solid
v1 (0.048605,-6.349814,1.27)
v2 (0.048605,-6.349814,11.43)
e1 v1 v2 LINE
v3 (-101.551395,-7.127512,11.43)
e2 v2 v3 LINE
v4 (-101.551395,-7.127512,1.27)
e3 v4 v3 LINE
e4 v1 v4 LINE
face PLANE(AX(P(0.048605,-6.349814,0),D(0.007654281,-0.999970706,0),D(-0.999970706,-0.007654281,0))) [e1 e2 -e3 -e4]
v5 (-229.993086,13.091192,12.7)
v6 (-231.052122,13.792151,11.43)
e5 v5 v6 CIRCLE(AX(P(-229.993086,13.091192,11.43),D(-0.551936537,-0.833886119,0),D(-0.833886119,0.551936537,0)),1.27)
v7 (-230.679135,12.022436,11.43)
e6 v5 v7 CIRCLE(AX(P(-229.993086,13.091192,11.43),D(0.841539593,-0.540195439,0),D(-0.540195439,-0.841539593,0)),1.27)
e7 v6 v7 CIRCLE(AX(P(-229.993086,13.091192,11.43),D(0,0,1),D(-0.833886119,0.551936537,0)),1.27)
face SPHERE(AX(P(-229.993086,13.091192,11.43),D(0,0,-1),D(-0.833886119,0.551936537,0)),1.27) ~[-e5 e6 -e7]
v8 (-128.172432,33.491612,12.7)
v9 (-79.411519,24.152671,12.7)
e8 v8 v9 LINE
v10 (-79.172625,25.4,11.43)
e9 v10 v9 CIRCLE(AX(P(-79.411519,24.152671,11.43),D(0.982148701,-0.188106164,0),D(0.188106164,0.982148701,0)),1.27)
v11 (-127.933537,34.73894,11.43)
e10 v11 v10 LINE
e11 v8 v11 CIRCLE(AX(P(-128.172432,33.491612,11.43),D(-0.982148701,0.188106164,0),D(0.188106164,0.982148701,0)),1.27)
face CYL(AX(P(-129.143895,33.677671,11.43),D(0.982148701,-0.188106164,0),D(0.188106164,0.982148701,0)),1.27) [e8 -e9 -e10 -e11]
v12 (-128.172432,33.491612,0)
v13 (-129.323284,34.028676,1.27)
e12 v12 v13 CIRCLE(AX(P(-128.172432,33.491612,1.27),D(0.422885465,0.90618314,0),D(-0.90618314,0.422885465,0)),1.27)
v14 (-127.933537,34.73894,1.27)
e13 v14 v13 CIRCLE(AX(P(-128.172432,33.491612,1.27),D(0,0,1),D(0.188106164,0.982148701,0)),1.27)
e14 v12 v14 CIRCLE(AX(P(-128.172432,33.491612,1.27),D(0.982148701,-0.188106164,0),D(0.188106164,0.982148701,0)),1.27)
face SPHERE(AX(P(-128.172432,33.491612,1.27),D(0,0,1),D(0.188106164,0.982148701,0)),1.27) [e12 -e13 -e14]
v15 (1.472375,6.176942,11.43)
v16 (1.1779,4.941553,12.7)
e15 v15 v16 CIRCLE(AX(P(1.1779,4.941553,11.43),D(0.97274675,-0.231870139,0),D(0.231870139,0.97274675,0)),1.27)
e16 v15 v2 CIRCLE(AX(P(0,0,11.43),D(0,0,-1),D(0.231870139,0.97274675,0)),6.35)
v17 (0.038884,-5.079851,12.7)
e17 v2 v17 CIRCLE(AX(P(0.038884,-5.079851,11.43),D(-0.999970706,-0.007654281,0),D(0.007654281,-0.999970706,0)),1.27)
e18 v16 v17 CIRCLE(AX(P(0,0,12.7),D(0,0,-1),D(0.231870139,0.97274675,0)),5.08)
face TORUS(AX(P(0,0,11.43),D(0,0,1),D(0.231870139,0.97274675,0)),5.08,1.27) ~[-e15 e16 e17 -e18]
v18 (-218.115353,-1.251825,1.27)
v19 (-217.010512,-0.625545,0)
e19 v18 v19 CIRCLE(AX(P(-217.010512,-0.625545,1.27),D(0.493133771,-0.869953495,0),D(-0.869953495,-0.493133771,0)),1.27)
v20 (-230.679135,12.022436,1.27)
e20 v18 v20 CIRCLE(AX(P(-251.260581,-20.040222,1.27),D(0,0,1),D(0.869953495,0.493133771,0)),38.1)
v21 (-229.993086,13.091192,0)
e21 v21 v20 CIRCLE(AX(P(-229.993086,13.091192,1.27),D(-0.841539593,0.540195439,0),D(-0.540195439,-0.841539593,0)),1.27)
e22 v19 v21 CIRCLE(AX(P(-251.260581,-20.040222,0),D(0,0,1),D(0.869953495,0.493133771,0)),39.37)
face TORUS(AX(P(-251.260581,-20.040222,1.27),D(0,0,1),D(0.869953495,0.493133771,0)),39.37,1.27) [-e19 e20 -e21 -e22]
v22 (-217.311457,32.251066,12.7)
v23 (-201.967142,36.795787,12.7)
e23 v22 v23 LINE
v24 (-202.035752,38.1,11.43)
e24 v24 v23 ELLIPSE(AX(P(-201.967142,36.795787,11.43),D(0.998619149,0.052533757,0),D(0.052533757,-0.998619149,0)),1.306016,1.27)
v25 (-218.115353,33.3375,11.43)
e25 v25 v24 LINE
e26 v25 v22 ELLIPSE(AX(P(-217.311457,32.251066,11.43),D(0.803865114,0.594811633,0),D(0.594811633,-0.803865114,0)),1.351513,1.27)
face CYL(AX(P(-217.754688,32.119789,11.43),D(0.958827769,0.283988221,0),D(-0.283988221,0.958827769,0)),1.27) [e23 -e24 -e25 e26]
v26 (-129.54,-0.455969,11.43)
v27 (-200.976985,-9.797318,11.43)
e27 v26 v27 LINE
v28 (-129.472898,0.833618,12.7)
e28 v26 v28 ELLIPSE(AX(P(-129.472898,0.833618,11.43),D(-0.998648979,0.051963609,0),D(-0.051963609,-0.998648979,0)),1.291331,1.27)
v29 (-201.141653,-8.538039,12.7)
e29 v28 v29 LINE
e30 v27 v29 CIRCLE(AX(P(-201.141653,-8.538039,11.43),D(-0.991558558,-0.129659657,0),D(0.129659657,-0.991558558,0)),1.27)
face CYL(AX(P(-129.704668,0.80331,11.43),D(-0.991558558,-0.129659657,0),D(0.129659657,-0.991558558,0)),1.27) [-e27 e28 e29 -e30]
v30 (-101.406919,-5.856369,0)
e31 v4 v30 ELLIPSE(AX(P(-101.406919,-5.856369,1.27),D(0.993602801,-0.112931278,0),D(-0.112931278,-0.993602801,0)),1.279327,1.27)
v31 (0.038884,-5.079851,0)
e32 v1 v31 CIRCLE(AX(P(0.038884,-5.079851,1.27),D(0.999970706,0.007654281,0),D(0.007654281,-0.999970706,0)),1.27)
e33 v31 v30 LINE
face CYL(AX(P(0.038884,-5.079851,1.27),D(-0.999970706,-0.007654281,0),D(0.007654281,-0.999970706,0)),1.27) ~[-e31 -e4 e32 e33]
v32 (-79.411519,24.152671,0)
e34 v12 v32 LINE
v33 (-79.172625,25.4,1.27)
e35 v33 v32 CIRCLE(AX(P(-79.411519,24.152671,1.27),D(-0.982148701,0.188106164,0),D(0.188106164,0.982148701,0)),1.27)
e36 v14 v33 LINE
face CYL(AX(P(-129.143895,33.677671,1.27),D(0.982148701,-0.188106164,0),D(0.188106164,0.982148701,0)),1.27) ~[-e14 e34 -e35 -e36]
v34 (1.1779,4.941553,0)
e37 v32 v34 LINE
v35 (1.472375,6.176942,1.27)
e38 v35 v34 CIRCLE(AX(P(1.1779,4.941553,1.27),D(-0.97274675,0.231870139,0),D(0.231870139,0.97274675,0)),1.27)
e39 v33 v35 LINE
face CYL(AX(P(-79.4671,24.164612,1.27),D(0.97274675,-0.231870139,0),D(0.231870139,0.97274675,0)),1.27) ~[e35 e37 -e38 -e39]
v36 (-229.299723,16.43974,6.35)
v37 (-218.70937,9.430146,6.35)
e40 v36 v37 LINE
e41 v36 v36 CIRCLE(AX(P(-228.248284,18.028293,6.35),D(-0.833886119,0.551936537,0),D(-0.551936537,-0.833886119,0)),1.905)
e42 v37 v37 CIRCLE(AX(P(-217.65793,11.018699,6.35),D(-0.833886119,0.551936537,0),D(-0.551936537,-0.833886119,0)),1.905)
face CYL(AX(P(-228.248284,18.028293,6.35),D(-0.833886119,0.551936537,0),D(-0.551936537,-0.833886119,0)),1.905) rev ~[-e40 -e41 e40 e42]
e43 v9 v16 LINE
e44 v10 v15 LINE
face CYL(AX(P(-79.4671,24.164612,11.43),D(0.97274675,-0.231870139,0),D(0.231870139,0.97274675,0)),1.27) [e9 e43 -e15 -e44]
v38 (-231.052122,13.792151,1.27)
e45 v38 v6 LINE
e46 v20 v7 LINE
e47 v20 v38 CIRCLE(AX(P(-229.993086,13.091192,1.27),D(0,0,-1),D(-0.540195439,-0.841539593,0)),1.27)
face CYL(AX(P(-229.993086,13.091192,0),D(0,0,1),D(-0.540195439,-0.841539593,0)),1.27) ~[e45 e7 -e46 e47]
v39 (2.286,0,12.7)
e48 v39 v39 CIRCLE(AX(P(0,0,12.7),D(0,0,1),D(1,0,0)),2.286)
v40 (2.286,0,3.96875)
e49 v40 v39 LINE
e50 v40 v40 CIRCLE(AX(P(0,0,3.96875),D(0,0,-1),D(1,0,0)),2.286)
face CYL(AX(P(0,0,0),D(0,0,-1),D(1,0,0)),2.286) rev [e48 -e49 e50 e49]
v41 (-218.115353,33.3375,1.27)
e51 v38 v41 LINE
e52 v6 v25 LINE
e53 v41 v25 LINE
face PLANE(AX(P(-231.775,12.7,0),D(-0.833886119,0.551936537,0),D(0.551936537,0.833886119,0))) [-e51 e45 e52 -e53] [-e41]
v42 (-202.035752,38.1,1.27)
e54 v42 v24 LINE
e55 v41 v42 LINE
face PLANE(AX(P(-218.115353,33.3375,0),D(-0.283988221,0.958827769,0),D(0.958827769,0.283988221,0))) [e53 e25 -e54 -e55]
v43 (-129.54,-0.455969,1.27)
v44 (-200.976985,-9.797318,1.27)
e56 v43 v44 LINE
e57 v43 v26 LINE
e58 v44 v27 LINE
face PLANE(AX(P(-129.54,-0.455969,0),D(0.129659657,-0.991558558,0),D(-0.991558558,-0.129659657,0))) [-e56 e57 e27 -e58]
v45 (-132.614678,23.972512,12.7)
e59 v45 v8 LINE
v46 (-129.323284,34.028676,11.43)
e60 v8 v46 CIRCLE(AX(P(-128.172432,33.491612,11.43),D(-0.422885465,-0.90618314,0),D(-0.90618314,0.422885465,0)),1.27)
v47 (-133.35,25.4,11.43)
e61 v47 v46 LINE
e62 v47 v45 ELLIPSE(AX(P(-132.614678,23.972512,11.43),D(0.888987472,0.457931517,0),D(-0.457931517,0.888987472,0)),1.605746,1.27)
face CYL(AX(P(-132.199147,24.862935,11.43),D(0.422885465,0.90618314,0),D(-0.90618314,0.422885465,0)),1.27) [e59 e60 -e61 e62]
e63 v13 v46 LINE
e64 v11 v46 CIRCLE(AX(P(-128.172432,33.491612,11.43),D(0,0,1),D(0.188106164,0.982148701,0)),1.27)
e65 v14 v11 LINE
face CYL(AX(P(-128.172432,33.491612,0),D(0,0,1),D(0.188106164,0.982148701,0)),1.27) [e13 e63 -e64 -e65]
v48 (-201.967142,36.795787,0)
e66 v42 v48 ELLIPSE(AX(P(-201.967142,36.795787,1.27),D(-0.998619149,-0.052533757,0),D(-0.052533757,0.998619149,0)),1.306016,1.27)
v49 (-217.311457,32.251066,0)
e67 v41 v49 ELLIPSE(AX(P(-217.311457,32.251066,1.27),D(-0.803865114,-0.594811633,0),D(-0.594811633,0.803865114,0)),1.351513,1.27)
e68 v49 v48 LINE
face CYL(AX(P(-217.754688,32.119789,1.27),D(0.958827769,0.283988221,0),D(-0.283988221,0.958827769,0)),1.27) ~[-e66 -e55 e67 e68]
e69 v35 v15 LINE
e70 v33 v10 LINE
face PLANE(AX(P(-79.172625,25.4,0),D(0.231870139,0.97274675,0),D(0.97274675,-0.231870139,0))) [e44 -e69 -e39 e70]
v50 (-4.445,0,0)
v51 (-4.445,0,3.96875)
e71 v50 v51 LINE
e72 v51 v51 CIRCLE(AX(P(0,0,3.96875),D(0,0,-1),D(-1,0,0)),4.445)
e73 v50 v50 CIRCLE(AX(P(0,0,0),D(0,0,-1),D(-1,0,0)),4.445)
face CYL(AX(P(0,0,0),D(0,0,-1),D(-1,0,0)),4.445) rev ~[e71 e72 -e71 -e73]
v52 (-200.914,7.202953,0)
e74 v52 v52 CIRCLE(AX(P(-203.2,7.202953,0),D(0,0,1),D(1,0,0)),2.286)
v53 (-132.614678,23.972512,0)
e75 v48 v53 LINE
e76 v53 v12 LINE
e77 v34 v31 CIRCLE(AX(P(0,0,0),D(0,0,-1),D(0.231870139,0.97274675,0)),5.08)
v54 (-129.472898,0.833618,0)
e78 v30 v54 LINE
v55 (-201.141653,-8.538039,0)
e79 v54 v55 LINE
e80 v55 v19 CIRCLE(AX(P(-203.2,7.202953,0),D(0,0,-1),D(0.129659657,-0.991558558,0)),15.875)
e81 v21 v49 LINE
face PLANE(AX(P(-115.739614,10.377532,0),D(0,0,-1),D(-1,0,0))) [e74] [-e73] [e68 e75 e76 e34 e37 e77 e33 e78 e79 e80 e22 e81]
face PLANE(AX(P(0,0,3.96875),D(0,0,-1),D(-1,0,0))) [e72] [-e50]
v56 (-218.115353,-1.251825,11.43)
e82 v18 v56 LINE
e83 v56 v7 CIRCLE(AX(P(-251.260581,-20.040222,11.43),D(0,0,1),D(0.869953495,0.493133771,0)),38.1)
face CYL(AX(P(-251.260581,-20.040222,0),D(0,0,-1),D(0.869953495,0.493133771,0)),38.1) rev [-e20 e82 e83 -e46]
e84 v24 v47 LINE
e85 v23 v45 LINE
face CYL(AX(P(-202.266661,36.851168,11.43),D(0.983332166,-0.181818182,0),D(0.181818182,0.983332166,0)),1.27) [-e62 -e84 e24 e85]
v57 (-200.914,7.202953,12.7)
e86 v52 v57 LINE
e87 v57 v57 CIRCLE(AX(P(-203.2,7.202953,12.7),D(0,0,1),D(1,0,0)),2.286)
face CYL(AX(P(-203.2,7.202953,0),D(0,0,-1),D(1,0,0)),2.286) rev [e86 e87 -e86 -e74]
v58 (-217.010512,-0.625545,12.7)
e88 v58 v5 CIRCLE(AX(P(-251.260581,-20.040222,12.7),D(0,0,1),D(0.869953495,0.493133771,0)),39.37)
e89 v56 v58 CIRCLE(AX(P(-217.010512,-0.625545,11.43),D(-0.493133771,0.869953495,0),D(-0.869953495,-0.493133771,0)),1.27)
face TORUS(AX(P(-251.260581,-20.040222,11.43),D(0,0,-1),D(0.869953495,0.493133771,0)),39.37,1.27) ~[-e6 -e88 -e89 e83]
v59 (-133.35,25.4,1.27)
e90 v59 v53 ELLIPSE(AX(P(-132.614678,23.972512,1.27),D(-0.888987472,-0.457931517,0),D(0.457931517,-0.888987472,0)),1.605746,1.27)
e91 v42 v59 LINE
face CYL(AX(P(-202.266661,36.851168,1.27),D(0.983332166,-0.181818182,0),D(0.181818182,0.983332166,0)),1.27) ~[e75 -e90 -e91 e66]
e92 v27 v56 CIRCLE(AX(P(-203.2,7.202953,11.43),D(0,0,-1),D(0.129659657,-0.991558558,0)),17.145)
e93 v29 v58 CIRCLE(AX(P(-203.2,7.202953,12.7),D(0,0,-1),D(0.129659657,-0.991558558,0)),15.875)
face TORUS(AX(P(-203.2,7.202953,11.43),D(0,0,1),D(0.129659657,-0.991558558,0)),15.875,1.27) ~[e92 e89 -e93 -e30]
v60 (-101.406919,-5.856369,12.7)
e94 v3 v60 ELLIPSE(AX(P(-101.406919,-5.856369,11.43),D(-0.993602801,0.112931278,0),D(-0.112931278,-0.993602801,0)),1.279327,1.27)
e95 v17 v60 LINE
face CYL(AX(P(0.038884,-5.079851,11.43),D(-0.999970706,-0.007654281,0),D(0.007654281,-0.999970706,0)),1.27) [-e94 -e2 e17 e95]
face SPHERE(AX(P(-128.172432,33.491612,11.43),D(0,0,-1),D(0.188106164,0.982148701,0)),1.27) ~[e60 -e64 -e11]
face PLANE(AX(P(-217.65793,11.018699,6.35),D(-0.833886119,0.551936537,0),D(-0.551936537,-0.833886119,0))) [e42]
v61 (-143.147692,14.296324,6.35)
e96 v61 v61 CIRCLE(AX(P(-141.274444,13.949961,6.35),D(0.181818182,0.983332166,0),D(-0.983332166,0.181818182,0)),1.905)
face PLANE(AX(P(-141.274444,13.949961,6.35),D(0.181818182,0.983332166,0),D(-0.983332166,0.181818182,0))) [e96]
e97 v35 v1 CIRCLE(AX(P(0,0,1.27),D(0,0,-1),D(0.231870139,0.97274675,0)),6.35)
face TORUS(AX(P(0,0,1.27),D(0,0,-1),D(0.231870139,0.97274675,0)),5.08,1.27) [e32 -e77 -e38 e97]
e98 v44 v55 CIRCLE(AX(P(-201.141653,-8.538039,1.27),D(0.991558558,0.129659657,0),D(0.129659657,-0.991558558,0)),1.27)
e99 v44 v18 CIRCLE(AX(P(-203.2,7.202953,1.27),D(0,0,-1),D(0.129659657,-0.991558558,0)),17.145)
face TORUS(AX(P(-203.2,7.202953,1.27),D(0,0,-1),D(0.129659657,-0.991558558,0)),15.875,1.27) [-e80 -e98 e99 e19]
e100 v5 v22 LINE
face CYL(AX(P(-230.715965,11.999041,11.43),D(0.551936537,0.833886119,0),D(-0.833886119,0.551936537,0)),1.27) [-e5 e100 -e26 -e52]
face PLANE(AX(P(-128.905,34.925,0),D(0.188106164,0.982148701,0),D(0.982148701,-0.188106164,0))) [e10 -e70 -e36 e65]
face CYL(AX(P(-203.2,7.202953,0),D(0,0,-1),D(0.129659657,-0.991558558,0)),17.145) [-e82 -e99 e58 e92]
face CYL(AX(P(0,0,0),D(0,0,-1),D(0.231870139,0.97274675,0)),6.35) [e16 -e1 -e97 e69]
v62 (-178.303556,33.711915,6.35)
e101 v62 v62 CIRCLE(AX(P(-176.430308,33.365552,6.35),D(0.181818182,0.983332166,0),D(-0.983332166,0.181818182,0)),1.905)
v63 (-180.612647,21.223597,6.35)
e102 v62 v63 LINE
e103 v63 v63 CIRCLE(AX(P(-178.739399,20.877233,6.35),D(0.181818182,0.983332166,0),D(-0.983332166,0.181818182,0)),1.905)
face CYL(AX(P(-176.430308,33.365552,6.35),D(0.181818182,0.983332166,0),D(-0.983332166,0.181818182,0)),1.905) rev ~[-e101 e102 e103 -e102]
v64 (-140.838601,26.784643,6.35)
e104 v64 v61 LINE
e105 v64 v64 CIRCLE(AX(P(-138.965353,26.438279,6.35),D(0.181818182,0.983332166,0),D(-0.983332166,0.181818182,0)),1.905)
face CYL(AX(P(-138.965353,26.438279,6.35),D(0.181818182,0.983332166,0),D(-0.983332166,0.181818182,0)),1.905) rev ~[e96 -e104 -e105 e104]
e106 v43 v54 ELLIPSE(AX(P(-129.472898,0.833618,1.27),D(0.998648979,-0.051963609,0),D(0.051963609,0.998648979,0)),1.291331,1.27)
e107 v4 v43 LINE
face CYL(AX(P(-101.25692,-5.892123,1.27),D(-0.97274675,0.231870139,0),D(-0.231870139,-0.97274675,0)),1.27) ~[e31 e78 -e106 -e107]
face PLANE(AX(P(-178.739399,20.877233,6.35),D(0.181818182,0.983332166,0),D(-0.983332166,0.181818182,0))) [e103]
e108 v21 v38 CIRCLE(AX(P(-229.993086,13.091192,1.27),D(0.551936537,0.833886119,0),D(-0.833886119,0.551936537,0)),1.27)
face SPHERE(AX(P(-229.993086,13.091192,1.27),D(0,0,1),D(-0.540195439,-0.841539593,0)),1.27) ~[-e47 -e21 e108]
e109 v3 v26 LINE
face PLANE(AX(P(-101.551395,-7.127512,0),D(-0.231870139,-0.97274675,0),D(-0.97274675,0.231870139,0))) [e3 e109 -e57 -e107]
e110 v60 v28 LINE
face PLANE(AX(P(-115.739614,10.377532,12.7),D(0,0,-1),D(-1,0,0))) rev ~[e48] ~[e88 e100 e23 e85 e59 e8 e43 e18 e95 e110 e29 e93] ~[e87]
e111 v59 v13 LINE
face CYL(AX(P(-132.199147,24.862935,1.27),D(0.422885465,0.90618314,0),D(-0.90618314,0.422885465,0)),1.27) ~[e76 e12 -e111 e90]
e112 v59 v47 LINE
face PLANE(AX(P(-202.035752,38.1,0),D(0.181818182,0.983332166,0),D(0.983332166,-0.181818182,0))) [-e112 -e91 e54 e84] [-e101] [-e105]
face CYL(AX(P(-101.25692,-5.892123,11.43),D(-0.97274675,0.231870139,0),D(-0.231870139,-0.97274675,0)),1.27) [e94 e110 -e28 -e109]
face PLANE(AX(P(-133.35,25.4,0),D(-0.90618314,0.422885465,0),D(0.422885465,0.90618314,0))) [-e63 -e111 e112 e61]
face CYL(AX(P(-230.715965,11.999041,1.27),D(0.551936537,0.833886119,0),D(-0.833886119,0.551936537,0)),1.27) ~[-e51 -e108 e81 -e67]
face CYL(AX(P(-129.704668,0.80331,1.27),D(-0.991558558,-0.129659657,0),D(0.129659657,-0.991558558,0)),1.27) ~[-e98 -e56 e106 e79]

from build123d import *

# Parameters (mm, degrees)
SKETCH1_R           = 2.286
BOSS_EXTRUDE1_DEPTH = 12.7
FILLET1_R           = 1.27
SKETCH2_R           = 4.445
CUT_EXTRUDE1_DEPTH  = 3.96875
SKETCH3_R           = 1.905
CUT_EXTRUDE2_DEPTH  = 12.7
SKETCH4_R           = 1.905
CUT_EXTRUDE3_DEPTH  = 12.7


with BuildPart() as part:
    # Sketch1 → Boss-Extrude1 (new body)
    with BuildSketch(Plane.XY):
        with BuildLine():
            Line((0.048604687, -6.34981398), (-101.551395313, -7.127511762))
            Line((-101.551395313, -7.127511762), (-129.54, -0.455968887))
            Line((-129.54, -0.455968887), (-200.976985186, -9.797318323))
            ThreePointArc((-200.976985186, -9.797318323), (-210.850504728, -8.14047549), (-218.115352674, -1.251825358))
            ThreePointArc((-218.115352674, -1.251825358), (-224.036255837, 6.613973279), (-231.775, 12.7))
            Line((-231.775, 12.7), (-218.115352674, 33.3375))
            Line((-218.115352674, 33.3375), (-202.035751798, 38.1))
            Line((-202.035751798, 38.1), (-133.35, 25.4))
            Line((-133.35, 25.4), (-128.905, 34.925))
            Line((-128.905, 34.925), (-79.17262462, 25.4))
            Line((-79.17262462, 25.4), (1.47237538, 6.17694186))
            ThreePointArc((1.47237538, 6.17694186), (6.309377787, -0.717113616), (0.048604687, -6.34981398))
        make_face()
        Circle(SKETCH1_R, mode=Mode.SUBTRACT)
        with Locations((-203.2, 7.20295315)):
            Circle(SKETCH1_R, mode=Mode.SUBTRACT)
    extrude(amount=BOSS_EXTRUDE1_DEPTH)

    # Fillet1
    fillet1_edges = [part.edges().sort_by_distance(p)[0] for p in [
        (-50.751395313, -6.738662871, 0),
        (-115.545697656, -3.791740325, 0),
        (-104.03881231, 30.1625, 12.7),
        (-165.258492593, -5.126643605, 0),
        (-210.850504728, -8.14047549, 0),
        (-224.036255837, 6.613973279, 0),
        (-224.945176337, 23.01875, 0),
        (-210.075552236, 35.71875, 0),
        (-167.692875899, 31.75, 0),
        (-131.1275, 30.1625, 0),
        (-104.03881231, 30.1625, 0),
        (-38.85012462, 15.78847093, 0),
        (6.309377787, -0.717113616, 0),
        (-131.1275, 30.1625, 12.7),
        (-167.692875899, 31.75, 12.7),
        (-231.775, 12.7, 6.35),
        (-128.905, 34.925, 6.35),
        (-210.075552236, 35.71875, 12.7),
        (-224.945176337, 23.01875, 12.7),
        (-224.036255837, 6.613973279, 12.7),
        (-210.850504728, -8.14047549, 12.7),
        (-165.258492593, -5.126643605, 12.7),
        (-115.545697656, -3.791740325, 12.7),
        (-50.751395313, -6.738662871, 12.7),
        (6.309377787, -0.717113616, 12.7),
        (-38.85012462, 15.78847093, 12.7),
    ]]
    fillet(fillet1_edges, radius=FILLET1_R)

    # Sketch2 → Cut-Extrude1 (cut)
    with BuildSketch(Plane(origin=(0, 0, 0), x_dir=(-1, 0, 0), z_dir=(0, 0, -1))):
        Circle(SKETCH2_R)
    extrude(amount=-CUT_EXTRUDE1_DEPTH, mode=Mode.SUBTRACT)

    # Sketch3 → Cut-Extrude2 (cut)
    with BuildSketch(Plane(origin=(0.132942268, 0.718995244, 0), x_dir=(0.9833321660356336, -0.18181818181818188, 0), z_dir=(0.18181818181818188, 0.9833321660356336, 0))):
        with Locations(Location((-179.556061292, -6.35, 0), (0, 0, 180))):
            Circle(SKETCH3_R)
        with Locations(Location((-141.456061292, -6.35, 0), (0, 0, 180))):
            Circle(SKETCH3_R)
    extrude(amount=-CUT_EXTRUDE2_DEPTH, mode=Mode.SUBTRACT)

    # Sketch4 → Cut-Extrude3 (cut)
    with BuildSketch(Plane(origin=(-167.013671414, 110.543808611, 0), x_dir=(0, 0, 1), z_dir=(-0.8338861185572083, 0.5519365373642097, 0))):
        with Locations(Location((6.35, -110.945024644, 0), (0, 0, 270))):
            Circle(SKETCH4_R)
    extrude(amount=-CUT_EXTRUDE3_DEPTH, mode=Mode.SUBTRACT)


solid = part.part
